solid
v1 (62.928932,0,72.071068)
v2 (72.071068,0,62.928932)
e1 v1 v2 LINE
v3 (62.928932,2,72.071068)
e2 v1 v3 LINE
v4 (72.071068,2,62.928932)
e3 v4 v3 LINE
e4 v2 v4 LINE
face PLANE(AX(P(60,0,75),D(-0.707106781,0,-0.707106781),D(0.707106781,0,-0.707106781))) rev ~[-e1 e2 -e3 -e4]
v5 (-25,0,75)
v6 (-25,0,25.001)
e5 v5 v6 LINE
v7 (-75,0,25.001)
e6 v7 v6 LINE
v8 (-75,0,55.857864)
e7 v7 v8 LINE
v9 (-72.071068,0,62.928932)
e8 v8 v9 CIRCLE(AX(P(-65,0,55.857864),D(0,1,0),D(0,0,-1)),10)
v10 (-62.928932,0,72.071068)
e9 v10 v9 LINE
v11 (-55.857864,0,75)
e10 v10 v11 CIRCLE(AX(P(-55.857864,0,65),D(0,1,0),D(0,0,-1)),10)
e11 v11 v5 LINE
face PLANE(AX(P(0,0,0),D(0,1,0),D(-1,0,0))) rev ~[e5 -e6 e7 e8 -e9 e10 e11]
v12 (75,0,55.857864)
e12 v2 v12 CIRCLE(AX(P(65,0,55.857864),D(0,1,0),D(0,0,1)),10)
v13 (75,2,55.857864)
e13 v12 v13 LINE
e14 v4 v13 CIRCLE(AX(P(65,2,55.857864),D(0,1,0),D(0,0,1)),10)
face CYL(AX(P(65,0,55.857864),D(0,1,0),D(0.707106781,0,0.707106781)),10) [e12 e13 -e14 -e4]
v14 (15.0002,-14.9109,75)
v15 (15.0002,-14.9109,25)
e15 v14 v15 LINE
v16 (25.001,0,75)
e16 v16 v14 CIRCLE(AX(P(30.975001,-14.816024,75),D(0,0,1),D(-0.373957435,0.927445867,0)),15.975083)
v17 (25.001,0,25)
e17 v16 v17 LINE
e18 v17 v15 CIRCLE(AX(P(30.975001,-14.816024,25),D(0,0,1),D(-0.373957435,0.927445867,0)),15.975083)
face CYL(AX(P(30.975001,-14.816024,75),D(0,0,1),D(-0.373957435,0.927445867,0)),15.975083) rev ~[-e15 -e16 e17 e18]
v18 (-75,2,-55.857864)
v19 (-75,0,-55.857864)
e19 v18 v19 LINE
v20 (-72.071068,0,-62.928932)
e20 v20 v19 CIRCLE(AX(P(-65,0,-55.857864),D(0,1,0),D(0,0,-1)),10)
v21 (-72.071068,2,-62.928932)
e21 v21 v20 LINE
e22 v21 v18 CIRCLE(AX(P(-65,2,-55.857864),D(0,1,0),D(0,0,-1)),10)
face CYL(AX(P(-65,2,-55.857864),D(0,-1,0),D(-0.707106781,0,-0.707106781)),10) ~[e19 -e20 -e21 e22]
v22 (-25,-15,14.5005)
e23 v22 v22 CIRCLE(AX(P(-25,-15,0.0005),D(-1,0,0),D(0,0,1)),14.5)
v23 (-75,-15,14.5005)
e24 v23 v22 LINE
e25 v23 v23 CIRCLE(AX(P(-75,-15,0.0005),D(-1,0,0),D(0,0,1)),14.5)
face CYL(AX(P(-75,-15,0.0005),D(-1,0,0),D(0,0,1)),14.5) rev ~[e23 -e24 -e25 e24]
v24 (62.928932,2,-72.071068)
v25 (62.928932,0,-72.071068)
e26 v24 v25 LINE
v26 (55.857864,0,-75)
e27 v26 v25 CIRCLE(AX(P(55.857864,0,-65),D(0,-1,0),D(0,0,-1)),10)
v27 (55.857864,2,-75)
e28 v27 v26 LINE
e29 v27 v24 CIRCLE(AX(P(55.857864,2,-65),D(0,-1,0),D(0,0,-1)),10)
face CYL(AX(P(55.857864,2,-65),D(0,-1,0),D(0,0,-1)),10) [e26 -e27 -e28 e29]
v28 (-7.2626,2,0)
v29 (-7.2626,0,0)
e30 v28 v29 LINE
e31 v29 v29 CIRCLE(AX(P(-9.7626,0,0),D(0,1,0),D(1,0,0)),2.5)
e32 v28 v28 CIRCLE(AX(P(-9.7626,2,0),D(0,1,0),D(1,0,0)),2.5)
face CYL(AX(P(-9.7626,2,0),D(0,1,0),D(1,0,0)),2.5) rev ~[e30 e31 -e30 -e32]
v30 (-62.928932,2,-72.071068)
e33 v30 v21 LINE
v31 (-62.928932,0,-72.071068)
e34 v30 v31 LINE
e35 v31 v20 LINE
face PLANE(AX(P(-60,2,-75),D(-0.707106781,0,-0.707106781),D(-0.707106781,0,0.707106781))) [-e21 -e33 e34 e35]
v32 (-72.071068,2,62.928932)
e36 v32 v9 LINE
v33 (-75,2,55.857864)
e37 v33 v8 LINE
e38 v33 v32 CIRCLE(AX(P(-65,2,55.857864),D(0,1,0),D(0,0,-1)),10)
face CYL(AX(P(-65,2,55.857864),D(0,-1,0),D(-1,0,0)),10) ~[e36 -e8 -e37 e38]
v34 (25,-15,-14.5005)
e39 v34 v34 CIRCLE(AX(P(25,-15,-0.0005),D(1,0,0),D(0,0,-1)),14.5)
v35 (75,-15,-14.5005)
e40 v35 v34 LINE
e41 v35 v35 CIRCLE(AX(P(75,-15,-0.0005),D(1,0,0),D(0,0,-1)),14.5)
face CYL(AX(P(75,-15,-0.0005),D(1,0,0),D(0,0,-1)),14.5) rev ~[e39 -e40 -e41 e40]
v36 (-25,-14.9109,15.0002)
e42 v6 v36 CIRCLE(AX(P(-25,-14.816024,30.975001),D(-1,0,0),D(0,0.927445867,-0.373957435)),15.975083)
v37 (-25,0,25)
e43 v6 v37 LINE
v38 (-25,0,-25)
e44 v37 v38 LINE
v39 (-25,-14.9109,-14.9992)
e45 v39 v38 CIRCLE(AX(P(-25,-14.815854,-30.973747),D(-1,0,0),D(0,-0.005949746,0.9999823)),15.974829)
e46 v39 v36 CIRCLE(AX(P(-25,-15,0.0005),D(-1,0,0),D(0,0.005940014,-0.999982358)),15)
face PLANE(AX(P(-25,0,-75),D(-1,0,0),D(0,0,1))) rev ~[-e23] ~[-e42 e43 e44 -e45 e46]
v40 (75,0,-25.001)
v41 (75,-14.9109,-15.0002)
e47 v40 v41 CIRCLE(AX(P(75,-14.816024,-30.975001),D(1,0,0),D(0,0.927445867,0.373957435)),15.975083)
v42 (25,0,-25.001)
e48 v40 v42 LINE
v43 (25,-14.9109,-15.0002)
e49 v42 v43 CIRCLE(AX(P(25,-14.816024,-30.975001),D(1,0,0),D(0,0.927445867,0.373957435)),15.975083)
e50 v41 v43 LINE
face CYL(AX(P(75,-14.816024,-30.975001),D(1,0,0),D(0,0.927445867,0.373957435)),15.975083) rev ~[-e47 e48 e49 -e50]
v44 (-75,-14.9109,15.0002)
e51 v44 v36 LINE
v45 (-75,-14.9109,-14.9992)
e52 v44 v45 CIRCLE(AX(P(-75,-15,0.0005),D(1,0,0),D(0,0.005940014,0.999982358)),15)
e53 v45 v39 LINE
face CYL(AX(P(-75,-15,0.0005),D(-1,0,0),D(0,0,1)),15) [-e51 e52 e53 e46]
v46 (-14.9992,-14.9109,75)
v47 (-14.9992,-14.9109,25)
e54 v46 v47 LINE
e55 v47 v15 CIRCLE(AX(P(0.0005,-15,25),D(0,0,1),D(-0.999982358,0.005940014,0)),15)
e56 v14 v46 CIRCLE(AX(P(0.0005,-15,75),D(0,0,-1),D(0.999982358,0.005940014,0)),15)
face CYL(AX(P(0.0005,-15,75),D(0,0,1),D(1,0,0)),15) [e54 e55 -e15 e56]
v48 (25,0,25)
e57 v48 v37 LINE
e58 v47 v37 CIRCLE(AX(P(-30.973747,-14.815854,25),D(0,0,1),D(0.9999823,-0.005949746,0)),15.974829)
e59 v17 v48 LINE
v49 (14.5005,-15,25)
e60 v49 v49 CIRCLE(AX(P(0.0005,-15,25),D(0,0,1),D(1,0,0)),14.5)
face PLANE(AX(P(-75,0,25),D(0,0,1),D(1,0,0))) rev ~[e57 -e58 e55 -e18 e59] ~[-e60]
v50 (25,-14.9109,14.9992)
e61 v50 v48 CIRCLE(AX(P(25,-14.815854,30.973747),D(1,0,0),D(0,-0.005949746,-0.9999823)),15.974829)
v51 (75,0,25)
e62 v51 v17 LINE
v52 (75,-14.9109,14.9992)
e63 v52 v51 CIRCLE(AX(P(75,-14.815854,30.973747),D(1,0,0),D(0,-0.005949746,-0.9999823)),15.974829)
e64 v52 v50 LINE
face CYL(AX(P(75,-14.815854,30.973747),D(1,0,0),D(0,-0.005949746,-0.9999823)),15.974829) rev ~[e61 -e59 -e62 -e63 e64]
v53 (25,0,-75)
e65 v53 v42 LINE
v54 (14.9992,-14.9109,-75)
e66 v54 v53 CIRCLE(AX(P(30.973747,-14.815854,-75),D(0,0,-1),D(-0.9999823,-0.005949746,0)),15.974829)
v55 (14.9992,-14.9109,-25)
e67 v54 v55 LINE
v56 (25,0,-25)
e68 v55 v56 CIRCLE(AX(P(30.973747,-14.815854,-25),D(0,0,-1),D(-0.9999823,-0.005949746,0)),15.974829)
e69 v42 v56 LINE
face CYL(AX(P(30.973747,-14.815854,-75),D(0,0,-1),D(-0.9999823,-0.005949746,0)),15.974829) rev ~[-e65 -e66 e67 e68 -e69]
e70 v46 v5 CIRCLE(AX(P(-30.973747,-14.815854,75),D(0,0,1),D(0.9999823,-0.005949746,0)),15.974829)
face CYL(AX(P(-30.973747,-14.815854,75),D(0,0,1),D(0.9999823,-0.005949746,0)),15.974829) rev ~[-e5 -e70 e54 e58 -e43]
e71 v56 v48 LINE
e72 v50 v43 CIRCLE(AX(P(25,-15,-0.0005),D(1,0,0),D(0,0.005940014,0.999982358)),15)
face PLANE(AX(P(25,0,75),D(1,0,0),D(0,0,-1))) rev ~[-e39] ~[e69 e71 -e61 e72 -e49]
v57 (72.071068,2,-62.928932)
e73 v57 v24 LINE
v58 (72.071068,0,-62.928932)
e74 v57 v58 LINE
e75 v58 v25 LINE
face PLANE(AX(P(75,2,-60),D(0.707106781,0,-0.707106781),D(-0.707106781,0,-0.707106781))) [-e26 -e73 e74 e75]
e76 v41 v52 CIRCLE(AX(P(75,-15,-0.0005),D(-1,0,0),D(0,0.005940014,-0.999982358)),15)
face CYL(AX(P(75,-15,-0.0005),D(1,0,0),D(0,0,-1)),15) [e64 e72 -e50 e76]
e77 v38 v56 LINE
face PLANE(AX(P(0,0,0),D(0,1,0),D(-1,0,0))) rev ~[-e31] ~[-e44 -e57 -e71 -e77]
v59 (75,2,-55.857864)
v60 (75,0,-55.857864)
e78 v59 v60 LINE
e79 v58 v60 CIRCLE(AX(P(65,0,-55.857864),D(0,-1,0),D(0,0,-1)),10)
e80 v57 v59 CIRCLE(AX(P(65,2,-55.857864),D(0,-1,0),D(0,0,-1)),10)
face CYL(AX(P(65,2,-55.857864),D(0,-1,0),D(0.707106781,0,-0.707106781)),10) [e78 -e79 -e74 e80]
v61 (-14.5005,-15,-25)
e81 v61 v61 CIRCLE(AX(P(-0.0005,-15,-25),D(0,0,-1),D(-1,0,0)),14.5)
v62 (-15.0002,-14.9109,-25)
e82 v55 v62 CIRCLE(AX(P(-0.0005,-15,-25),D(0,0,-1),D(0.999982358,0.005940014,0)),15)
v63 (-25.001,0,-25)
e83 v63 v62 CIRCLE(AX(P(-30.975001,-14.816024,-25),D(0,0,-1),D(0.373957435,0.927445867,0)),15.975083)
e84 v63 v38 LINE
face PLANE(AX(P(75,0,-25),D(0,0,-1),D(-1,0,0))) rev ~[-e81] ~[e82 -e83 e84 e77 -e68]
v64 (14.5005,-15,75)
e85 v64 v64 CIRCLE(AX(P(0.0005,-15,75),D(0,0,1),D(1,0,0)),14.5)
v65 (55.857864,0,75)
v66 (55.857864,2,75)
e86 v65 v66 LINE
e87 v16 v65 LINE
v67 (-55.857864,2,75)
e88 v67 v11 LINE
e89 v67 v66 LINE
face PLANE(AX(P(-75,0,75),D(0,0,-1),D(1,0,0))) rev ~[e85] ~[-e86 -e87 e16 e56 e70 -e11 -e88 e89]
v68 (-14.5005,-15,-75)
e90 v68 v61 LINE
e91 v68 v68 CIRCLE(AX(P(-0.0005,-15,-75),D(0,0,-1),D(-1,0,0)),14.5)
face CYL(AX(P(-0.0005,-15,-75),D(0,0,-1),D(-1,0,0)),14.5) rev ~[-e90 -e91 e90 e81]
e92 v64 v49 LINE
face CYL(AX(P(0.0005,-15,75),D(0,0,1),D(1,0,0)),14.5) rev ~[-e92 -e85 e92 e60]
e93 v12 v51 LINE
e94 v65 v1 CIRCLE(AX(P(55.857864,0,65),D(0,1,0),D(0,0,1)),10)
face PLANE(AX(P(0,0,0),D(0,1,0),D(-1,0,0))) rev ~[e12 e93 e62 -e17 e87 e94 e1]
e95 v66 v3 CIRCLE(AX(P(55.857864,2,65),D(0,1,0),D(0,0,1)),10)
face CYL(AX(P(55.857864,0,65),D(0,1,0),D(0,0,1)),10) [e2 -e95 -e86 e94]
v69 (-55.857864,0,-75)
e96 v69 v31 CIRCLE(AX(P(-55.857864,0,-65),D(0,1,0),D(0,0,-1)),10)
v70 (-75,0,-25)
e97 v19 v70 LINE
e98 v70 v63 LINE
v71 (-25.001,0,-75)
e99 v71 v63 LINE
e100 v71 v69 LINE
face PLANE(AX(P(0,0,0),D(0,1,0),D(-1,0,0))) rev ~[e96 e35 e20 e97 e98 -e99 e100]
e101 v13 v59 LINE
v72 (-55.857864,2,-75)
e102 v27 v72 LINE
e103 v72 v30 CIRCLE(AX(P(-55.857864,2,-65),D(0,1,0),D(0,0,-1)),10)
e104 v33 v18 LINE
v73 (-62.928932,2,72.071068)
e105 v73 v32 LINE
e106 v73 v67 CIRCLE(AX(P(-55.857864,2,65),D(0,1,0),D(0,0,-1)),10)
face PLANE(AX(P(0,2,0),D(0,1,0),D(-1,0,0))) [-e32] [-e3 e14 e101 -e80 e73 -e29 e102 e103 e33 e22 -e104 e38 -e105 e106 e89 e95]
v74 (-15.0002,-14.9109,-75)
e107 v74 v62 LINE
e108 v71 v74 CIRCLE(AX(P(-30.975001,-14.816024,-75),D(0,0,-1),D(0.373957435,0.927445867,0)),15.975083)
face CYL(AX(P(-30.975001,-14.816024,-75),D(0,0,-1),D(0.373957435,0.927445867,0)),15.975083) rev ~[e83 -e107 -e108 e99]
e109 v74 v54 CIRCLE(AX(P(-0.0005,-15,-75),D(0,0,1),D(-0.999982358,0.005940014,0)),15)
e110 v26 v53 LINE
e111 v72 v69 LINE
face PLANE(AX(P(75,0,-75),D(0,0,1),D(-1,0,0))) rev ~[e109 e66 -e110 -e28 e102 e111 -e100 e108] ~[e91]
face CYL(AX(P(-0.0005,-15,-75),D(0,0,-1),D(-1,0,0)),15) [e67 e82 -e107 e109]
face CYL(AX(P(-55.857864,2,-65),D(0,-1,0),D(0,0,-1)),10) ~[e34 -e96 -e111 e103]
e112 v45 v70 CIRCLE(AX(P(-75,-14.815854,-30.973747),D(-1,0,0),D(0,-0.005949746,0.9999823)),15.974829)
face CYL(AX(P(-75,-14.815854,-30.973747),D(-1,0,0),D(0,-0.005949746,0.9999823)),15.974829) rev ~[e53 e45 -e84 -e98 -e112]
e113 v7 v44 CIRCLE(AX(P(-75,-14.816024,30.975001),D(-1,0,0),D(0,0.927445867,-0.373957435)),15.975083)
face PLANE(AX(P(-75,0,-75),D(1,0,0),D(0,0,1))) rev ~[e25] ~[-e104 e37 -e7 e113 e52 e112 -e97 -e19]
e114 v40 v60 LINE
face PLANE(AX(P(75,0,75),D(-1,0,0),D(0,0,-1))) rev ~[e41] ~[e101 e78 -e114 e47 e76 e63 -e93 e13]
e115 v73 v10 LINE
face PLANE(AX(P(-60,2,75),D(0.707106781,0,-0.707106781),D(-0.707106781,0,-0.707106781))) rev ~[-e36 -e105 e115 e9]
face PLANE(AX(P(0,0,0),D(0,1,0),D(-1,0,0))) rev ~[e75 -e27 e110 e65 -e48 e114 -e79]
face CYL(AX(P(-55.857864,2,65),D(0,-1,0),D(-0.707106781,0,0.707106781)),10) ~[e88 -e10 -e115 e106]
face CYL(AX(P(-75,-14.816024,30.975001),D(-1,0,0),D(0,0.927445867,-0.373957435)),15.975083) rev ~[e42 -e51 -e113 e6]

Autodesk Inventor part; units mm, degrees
ref_plane "YZ Plane" through (0, 0, 0) normal (1, 0, 0) x (0, 1, 0)
ref_plane "XZ Plane" through (0, 0, 0) normal (0, 1, 0) x (-1, 0, 0)
ref_plane "XY Plane" through (0, 0, 0) normal (0, 0, 1) x (1, 0, 0)
sketch "Sketch1" plane through (0, 0, 0) normal (0, 1, 0) x (-1, 0, 0)
  line L0 (75, 0) -> (75, 75)
  line L1 (75, 75) -> (-75, 75)
  line L2 (-75, 75) -> (-75, -75)
  line L3 (-75, -75) -> (75, -75)
  line L4 (75, -75) -> (75, 0)
  point P0 (0, 0)
  dimension "d0" = 75
  dimension "d1" = 75
  dimension "d2" = 150
  dimension "d3" = 150
extrude "Extrusion1" add sketch "Sketch1" along normal blind 2
sketch "Sketch2" plane through (0, 0, 0) normal (0, -1, 0) x (1, 0, 0)
  line L0 (75, 75) -> (75, 0)
  line L1 (75, 75) -> (75, -75) projected
  line L2 (75, 0) -> (75, 15)
  line L3 (75, 0) -> (75, -15)
  point P0 (0, 0)
  dimension "d6" = 15
  dimension "d7" = 15
sketch "Sketch3" plane through (75, 0, 75) normal (1, 0, 0) x (0, 0, -1)
  line L0 (75, 0) -> (90, 0)
  line L1 (150, 0) -> (0, 0) projected
  line L2 (75, 0) -> (60, 0)
  circle A0 centre (75.0005, -15) radius 15
  circle A1 centre (75.0005, -15) radius 14.5
  line L3 (60, 0) -> (50, 0)
  arc A2 (60.0008, -14.9109) -> (50, 0) centre (44.0261, -14.8159) ccw
  arc A3 (100.001, 0) -> (90.0002, -14.9109) centre (105.9749, -14.8159) ccw
  line L4 (50, 0) -> (75, 0)
  line L5 (100.001, 0) -> (75, 0)
  dimension "d8" = 15
  dimension "d10" = 15
  dimension "d13" = 10
extrude "Extrusion2" add sketch "Sketch3" against normal blind 50
pattern_circular "Circular Pattern1" count 4 over 360 about axis through (0, -10, 0) along (0, 1, 0) of "Extrusion2"
sketch "Sketch4" plane through (0, 0, 0) normal (0, 1, 0) x (-1, 0, 0)
  line L0 (-75, 75) -> (-75, 60)
  line L1 (-75, 75) -> (-75, -75) projected
  line L2 (-75, 75) -> (-60, 75)
  line L3 (-25.001, 75) -> (-75, 75) projected
  line L4 (-60, 75) -> (-75, 60)
  line L5 (-75, 60) -> (-60, 75)
  point P0 (0, 0)
  dimension "d19" = 15
  dimension "d20" = 15
extrude "Extrusion3" cut sketch "Sketch4" along normal blind 50
sketch "Sketch5" plane through (0, 2, 0) normal (0, 1, 0) x (1, 0, 0)
  line L0 (75, 75) -> (75, 60)
  line L1 (75, -60) -> (75, 75) projected
  line L2 (75, 60) -> (-75, 60)
  line L3 (75, 75) -> (-75, 75) projected
  line L4 (-75, 75) -> (-60, 75)
  line L5 (-60, 75) -> (-60, -75)
  line L6 (-75, -75) -> (-25, -75) projected
  line L7 (-75, -75) -> (-75, -60)
  line L8 (-75, 75) -> (-75, -75) projected
  line L9 (-75, -60) -> (-60, -60)
  line L10 (75, 75) -> (60, 75)
  line L11 (60, 75) -> (60, 60)
  line L12 (-60, -75) -> (-75, -60)
  line L13 (-60, 75) -> (-75, 60)
  line L14 (75, 60) -> (60, 75)
  point P0 (0, 0)
  dimension "d23" = 15
  dimension "d24" = 15
  dimension "d25" = 15
extrude "Extrusion4" cut sketch "Sketch5" against normal blind 50 contours L12 L6 L7
sketch "Sketch6" plane through (0, 2, 0) normal (0, 1, 0) x (1, 0, 0)
  line L0 (75, 75) -> (75, 60)
  line L1 (75, -60) -> (75, 75) projected
  line L2 (75, 60) -> (60, 60)
  line L3 (60, 60) -> (60, 75)
  line L4 (75, 75) -> (-75, 75) projected
  line L5 (75, 60) -> (60, 75)
  point P0 (0, 0)
  dimension "d28" = 15
  dimension "d29" = 15
extrude "Extrusion5" cut sketch "Sketch6" against normal blind 50 contours L0 L5 L4
sketch "Sketch7" plane through (0, 2, 0) normal (0, 1, 0) x (1, 0, 0)
  point P0 (0, 0)
sketch "Sketch8" plane through (0, 2, 0) normal (0, 1, 0) x (1, 0, 0)
  line L0 (-75, 75) -> (-60, 75)
  line L1 (60, 75) -> (-75, 75) projected
  line L2 (-60, 75) -> (-60, 60)
  line L3 (-60, 60) -> (-75, 60)
  line L4 (-75, 75) -> (-75, -60) projected
  line L5 (-60, 75) -> (-75, 60)
  point P0 (0, 0)
  dimension "d32" = 15
  dimension "d33" = 15
extrude "Extrusion6" cut sketch "Sketch8" against normal blind 50 contours L0 L5 L4
fillet "Fillet1" radius 10 2 edges at (60, 1, -75) (75, 1, -60)
pattern_circular "Circular Pattern2" count 4 over 360 about axis through (0, -10, 0) along (0, 1, 0) of "Fillet1"
sketch "Sketch9" plane through (0, 2, 0) normal (0, 1, 0) x (1, 0, 0)
  circle A0 centre (-9.7626, 0) radius 2.5
  point P0 (0, 0)
  dimension "d40" = 5
extrude "Extrusion7" cut sketch "Sketch9" against normal blind 5
equation "\"BendRadius\" = Thickness"
equation "\"BendReliefWidth\" = Thickness"
equation "\"BendReliefDepth\" = 0.5 * Thickness"
equation "\"CornerReliefSize\" = 4 * Thickness"
equation "\"MinimumRemnant\" = 2 * Thickness"
equation "\"TransitionRadius\" = BendRadius"
equation "\"JacobiRadiusSize\" = BendRadius"
equation "\"GapSize\" = Thickness"
equation "\"Thickness\" = 3.048"
properties part number "sqaureBase"
